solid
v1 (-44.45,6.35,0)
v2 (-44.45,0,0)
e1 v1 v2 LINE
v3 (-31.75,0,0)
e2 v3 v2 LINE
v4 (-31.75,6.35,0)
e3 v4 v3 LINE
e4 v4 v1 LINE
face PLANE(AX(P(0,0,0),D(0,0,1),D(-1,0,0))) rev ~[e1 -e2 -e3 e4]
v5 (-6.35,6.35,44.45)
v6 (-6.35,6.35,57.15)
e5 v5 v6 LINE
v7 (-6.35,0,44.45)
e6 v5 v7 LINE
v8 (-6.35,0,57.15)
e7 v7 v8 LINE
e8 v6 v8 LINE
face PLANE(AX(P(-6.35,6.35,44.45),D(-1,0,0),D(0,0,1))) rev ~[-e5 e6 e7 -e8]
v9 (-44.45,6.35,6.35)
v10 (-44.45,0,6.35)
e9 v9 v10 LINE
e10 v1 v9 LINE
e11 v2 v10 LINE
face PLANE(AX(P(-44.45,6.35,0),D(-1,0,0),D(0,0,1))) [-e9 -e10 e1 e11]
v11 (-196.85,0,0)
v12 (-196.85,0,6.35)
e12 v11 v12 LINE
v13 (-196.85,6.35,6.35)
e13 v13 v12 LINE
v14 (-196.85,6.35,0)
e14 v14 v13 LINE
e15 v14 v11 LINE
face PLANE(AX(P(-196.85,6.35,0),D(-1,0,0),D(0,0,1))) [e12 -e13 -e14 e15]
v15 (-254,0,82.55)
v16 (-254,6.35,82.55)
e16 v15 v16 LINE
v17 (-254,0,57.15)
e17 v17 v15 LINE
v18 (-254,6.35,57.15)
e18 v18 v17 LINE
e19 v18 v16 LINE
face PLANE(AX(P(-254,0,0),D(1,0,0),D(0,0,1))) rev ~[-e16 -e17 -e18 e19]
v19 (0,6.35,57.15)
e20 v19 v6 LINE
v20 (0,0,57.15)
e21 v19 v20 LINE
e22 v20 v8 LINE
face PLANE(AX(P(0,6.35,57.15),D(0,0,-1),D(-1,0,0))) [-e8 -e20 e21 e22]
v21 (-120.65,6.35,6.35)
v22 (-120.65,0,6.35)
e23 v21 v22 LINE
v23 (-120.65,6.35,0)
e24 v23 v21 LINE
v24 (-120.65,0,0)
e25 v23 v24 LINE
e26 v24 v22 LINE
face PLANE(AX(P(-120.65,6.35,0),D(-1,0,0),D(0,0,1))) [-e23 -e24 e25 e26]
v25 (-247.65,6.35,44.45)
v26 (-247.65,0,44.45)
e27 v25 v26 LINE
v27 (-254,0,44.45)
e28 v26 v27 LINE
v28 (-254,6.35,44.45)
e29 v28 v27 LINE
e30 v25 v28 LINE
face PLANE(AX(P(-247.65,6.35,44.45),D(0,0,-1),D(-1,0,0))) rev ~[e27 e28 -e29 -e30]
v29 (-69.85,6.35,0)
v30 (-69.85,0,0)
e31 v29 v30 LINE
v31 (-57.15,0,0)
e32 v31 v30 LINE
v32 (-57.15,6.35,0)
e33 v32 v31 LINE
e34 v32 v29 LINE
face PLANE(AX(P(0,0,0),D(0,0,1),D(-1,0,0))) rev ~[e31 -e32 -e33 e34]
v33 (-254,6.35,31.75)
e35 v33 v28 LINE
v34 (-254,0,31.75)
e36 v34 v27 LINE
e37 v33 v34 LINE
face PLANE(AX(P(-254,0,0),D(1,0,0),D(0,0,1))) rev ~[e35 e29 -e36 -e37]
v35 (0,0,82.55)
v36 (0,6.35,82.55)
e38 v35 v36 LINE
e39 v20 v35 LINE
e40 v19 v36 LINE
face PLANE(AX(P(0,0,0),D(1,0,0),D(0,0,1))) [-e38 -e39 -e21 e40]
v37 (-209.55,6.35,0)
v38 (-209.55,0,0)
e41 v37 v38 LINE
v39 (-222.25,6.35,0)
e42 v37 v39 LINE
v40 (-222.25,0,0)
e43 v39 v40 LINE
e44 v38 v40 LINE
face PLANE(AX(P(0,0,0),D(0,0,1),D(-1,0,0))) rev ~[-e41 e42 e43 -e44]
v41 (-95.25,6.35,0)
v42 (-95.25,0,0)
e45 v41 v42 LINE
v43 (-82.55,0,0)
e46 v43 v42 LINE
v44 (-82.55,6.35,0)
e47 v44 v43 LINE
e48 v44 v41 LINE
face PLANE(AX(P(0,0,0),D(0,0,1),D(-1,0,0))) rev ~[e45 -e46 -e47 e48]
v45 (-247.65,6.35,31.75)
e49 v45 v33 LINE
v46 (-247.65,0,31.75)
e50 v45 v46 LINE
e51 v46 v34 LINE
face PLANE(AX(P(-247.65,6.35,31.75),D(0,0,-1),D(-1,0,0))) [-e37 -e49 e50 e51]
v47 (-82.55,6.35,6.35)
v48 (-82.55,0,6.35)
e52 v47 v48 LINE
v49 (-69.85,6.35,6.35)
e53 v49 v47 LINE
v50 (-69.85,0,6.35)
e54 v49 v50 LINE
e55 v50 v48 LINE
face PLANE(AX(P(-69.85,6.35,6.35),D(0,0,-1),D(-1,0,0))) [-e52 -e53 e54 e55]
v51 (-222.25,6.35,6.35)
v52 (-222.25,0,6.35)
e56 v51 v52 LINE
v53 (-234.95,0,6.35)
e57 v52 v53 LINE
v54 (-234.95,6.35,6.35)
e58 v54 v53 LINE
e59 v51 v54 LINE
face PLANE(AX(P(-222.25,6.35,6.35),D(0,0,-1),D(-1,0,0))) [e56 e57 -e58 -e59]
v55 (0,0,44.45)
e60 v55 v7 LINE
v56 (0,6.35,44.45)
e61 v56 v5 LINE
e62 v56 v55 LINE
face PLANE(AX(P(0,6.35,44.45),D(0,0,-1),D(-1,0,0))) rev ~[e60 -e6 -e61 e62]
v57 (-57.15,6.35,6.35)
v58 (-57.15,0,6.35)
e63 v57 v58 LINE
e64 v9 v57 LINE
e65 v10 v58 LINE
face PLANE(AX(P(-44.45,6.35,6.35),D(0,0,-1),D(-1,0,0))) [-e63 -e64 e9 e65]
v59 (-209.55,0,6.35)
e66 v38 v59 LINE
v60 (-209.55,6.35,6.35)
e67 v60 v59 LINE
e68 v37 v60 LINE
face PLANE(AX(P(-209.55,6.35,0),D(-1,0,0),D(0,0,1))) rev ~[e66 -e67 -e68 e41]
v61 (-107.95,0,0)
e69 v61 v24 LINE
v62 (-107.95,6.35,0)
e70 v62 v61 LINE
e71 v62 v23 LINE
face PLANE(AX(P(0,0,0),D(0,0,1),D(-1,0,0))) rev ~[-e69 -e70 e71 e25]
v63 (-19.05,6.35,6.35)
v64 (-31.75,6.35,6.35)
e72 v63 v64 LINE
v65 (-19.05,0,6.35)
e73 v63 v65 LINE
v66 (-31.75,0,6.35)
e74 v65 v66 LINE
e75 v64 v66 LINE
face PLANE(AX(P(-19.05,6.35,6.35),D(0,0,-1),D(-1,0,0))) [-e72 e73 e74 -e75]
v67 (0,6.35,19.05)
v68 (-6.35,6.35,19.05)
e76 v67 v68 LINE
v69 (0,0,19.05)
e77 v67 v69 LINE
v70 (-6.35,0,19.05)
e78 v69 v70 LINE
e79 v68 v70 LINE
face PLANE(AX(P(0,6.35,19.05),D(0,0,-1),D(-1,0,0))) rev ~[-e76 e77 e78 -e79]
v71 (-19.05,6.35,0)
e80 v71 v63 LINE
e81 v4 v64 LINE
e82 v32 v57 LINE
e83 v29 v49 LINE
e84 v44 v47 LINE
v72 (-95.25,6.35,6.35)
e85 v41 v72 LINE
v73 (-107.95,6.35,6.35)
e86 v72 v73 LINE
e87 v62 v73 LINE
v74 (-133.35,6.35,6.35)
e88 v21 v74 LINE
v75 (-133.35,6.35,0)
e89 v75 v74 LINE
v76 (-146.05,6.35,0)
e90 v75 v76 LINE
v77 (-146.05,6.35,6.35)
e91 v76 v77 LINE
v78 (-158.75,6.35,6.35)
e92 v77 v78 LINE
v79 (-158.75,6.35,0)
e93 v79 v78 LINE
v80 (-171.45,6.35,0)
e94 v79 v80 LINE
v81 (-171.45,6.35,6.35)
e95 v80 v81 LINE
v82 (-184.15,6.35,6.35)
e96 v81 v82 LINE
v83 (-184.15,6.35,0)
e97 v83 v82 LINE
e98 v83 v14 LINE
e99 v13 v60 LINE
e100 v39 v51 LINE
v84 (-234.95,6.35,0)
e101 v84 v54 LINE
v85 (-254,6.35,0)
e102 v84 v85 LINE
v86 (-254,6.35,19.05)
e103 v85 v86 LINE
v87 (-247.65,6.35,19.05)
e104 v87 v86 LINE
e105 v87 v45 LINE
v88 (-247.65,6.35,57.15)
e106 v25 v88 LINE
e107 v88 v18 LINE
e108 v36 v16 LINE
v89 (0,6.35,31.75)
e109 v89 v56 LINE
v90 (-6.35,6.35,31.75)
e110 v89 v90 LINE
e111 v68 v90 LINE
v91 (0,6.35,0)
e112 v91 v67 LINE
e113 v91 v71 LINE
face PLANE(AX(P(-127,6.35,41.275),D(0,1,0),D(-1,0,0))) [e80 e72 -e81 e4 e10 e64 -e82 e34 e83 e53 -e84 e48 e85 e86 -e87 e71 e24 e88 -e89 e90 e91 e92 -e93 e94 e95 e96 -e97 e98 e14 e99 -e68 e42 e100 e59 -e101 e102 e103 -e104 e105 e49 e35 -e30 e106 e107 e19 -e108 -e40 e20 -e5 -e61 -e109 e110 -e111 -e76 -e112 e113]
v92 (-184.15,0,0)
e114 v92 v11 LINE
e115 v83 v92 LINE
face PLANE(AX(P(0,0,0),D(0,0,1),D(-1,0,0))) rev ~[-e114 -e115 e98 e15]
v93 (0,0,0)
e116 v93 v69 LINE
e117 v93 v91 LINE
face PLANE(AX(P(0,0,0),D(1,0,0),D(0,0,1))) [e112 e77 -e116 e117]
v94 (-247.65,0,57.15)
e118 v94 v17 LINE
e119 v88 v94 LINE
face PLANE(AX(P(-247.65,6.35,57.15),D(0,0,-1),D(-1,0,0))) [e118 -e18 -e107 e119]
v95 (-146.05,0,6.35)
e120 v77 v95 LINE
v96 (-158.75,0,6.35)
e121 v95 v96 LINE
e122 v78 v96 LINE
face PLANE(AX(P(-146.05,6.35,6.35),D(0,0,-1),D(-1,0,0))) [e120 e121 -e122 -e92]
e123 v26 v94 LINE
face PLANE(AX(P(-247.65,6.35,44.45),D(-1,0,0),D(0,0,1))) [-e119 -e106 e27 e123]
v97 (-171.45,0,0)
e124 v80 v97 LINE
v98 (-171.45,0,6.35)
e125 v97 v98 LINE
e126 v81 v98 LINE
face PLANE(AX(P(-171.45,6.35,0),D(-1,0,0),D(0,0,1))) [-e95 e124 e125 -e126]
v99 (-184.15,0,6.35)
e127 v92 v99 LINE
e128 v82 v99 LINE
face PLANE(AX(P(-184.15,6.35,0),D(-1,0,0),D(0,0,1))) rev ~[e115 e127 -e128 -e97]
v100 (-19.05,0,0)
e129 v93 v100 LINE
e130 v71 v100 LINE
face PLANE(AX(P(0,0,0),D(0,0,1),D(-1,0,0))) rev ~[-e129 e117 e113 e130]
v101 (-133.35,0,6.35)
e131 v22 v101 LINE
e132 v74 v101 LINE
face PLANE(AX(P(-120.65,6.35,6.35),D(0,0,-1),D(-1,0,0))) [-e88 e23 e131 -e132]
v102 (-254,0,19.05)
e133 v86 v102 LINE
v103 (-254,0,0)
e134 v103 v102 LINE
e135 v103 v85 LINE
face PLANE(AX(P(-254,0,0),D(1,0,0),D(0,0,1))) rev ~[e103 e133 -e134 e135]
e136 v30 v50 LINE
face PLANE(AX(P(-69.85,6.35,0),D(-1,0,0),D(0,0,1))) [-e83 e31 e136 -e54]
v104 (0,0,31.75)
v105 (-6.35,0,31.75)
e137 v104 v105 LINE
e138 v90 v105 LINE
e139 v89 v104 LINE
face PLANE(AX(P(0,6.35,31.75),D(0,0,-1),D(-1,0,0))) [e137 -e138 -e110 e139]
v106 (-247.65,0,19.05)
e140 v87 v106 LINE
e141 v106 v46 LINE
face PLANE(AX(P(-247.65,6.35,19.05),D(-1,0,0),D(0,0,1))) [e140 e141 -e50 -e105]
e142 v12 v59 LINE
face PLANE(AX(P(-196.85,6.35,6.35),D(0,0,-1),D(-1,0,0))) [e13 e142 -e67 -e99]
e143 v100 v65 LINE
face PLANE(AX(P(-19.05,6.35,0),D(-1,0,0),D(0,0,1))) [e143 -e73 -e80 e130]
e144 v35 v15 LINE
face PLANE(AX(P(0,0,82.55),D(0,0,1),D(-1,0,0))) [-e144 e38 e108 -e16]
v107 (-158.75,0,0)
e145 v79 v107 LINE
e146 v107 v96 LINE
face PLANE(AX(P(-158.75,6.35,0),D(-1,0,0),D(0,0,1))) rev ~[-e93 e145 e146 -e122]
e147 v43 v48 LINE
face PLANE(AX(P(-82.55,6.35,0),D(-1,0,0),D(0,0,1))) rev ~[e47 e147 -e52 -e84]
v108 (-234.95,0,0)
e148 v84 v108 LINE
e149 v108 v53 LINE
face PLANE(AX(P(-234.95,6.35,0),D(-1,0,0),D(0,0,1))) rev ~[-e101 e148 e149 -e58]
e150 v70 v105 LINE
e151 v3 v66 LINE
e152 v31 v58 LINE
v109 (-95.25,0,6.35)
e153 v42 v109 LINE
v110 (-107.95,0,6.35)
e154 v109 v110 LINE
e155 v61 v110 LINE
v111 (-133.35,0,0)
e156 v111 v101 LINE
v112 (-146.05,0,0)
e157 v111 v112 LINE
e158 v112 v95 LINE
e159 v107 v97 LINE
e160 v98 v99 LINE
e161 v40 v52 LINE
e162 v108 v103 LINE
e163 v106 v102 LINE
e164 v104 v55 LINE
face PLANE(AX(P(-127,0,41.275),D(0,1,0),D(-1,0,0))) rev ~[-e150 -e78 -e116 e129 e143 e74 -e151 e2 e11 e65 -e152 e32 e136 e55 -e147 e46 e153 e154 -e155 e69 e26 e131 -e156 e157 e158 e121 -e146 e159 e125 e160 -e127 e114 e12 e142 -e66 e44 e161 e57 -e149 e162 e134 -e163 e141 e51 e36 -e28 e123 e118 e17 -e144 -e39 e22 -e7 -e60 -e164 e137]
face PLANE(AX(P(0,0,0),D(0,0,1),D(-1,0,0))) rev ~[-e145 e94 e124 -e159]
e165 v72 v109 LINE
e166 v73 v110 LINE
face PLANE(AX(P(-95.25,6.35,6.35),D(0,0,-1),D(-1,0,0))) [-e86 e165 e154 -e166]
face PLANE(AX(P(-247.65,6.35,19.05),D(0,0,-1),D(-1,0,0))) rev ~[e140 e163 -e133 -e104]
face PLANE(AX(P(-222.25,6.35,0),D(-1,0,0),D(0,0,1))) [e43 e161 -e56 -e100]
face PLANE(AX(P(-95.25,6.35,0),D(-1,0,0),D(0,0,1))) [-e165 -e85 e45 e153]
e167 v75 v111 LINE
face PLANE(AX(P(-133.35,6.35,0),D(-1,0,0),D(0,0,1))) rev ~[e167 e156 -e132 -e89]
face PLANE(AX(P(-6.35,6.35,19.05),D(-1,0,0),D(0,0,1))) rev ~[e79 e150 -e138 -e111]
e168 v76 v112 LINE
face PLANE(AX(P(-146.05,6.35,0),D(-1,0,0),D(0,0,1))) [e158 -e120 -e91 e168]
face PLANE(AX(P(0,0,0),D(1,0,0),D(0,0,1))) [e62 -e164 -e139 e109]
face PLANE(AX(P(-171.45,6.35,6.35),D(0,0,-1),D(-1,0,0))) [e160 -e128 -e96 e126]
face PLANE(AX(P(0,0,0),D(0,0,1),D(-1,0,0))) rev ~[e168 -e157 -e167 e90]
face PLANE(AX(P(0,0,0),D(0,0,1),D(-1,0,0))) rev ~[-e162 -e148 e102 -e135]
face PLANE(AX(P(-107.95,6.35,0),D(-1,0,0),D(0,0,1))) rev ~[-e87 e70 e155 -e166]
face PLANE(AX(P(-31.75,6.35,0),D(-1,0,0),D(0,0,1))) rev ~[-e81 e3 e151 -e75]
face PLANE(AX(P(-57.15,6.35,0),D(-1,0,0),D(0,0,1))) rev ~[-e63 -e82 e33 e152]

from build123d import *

# Parameters (mm, degrees)
SKETCH3_W           = 254
SKETCH3_H           = 82.55
BOSS_EXTRUDE2_DEPTH = 6.35
SKETCH4_W           = 6.35
SKETCH4_H           = 12.7
SKETCH4_W_2         = 12.7
SKETCH4_H_2         = 6.35
CUT_EXTRUDE2_DEPTH  = 6.35


with BuildPart() as part:
    # Sketch3 → Boss-Extrude2 (new body)
    with BuildSketch(Plane(origin=(0, 0, 0), x_dir=(-1, 0, 0), z_dir=(0, 1, 0))):
        with Locations((127, 41.275)):
            Rectangle(SKETCH3_W, SKETCH3_H)
    extrude(amount=BOSS_EXTRUDE2_DEPTH)

    # Sketch4 → Cut-Extrude2 (cut)
    with BuildSketch(Plane(origin=(0, 6.35, 0), x_dir=(-1, 0, 0), z_dir=(0, 1, 0))):
        with Locations((3.175, 25.4)):
            Rectangle(SKETCH4_W, SKETCH4_H)
        with Locations((3.175, 50.8)):
            Rectangle(SKETCH4_W, SKETCH4_H)
        with Locations((250.825, 25.4)):
            Rectangle(SKETCH4_W, SKETCH4_H)
        with Locations((250.825, 50.8)):
            Rectangle(SKETCH4_W, SKETCH4_H)
        with Locations((50.8, 3.175)):
            Rectangle(SKETCH4_W_2, SKETCH4_H_2)
        with Locations((25.4, 3.175)):
            Rectangle(SKETCH4_W_2, SKETCH4_H_2)
        with Locations((76.2, 3.175)):
            Rectangle(SKETCH4_W_2, SKETCH4_H_2)
        with Locations((101.6, 3.175)):
            Rectangle(SKETCH4_W_2, SKETCH4_H_2)
        with Locations((127, 3.175)):
            Rectangle(SKETCH4_W_2, SKETCH4_H_2)
        with Locations((177.8, 3.175)):
            Rectangle(SKETCH4_W_2, SKETCH4_H_2)
        with Locations((152.4, 3.175)):
            Rectangle(SKETCH4_W_2, SKETCH4_H_2)
        with Locations((203.2, 3.175)):
            Rectangle(SKETCH4_W_2, SKETCH4_H_2)
        with Locations((228.6, 3.175)):
            Rectangle(SKETCH4_W_2, SKETCH4_H_2)
    extrude(amount=-CUT_EXTRUDE2_DEPTH, mode=Mode.SUBTRACT)


solid = part.part
